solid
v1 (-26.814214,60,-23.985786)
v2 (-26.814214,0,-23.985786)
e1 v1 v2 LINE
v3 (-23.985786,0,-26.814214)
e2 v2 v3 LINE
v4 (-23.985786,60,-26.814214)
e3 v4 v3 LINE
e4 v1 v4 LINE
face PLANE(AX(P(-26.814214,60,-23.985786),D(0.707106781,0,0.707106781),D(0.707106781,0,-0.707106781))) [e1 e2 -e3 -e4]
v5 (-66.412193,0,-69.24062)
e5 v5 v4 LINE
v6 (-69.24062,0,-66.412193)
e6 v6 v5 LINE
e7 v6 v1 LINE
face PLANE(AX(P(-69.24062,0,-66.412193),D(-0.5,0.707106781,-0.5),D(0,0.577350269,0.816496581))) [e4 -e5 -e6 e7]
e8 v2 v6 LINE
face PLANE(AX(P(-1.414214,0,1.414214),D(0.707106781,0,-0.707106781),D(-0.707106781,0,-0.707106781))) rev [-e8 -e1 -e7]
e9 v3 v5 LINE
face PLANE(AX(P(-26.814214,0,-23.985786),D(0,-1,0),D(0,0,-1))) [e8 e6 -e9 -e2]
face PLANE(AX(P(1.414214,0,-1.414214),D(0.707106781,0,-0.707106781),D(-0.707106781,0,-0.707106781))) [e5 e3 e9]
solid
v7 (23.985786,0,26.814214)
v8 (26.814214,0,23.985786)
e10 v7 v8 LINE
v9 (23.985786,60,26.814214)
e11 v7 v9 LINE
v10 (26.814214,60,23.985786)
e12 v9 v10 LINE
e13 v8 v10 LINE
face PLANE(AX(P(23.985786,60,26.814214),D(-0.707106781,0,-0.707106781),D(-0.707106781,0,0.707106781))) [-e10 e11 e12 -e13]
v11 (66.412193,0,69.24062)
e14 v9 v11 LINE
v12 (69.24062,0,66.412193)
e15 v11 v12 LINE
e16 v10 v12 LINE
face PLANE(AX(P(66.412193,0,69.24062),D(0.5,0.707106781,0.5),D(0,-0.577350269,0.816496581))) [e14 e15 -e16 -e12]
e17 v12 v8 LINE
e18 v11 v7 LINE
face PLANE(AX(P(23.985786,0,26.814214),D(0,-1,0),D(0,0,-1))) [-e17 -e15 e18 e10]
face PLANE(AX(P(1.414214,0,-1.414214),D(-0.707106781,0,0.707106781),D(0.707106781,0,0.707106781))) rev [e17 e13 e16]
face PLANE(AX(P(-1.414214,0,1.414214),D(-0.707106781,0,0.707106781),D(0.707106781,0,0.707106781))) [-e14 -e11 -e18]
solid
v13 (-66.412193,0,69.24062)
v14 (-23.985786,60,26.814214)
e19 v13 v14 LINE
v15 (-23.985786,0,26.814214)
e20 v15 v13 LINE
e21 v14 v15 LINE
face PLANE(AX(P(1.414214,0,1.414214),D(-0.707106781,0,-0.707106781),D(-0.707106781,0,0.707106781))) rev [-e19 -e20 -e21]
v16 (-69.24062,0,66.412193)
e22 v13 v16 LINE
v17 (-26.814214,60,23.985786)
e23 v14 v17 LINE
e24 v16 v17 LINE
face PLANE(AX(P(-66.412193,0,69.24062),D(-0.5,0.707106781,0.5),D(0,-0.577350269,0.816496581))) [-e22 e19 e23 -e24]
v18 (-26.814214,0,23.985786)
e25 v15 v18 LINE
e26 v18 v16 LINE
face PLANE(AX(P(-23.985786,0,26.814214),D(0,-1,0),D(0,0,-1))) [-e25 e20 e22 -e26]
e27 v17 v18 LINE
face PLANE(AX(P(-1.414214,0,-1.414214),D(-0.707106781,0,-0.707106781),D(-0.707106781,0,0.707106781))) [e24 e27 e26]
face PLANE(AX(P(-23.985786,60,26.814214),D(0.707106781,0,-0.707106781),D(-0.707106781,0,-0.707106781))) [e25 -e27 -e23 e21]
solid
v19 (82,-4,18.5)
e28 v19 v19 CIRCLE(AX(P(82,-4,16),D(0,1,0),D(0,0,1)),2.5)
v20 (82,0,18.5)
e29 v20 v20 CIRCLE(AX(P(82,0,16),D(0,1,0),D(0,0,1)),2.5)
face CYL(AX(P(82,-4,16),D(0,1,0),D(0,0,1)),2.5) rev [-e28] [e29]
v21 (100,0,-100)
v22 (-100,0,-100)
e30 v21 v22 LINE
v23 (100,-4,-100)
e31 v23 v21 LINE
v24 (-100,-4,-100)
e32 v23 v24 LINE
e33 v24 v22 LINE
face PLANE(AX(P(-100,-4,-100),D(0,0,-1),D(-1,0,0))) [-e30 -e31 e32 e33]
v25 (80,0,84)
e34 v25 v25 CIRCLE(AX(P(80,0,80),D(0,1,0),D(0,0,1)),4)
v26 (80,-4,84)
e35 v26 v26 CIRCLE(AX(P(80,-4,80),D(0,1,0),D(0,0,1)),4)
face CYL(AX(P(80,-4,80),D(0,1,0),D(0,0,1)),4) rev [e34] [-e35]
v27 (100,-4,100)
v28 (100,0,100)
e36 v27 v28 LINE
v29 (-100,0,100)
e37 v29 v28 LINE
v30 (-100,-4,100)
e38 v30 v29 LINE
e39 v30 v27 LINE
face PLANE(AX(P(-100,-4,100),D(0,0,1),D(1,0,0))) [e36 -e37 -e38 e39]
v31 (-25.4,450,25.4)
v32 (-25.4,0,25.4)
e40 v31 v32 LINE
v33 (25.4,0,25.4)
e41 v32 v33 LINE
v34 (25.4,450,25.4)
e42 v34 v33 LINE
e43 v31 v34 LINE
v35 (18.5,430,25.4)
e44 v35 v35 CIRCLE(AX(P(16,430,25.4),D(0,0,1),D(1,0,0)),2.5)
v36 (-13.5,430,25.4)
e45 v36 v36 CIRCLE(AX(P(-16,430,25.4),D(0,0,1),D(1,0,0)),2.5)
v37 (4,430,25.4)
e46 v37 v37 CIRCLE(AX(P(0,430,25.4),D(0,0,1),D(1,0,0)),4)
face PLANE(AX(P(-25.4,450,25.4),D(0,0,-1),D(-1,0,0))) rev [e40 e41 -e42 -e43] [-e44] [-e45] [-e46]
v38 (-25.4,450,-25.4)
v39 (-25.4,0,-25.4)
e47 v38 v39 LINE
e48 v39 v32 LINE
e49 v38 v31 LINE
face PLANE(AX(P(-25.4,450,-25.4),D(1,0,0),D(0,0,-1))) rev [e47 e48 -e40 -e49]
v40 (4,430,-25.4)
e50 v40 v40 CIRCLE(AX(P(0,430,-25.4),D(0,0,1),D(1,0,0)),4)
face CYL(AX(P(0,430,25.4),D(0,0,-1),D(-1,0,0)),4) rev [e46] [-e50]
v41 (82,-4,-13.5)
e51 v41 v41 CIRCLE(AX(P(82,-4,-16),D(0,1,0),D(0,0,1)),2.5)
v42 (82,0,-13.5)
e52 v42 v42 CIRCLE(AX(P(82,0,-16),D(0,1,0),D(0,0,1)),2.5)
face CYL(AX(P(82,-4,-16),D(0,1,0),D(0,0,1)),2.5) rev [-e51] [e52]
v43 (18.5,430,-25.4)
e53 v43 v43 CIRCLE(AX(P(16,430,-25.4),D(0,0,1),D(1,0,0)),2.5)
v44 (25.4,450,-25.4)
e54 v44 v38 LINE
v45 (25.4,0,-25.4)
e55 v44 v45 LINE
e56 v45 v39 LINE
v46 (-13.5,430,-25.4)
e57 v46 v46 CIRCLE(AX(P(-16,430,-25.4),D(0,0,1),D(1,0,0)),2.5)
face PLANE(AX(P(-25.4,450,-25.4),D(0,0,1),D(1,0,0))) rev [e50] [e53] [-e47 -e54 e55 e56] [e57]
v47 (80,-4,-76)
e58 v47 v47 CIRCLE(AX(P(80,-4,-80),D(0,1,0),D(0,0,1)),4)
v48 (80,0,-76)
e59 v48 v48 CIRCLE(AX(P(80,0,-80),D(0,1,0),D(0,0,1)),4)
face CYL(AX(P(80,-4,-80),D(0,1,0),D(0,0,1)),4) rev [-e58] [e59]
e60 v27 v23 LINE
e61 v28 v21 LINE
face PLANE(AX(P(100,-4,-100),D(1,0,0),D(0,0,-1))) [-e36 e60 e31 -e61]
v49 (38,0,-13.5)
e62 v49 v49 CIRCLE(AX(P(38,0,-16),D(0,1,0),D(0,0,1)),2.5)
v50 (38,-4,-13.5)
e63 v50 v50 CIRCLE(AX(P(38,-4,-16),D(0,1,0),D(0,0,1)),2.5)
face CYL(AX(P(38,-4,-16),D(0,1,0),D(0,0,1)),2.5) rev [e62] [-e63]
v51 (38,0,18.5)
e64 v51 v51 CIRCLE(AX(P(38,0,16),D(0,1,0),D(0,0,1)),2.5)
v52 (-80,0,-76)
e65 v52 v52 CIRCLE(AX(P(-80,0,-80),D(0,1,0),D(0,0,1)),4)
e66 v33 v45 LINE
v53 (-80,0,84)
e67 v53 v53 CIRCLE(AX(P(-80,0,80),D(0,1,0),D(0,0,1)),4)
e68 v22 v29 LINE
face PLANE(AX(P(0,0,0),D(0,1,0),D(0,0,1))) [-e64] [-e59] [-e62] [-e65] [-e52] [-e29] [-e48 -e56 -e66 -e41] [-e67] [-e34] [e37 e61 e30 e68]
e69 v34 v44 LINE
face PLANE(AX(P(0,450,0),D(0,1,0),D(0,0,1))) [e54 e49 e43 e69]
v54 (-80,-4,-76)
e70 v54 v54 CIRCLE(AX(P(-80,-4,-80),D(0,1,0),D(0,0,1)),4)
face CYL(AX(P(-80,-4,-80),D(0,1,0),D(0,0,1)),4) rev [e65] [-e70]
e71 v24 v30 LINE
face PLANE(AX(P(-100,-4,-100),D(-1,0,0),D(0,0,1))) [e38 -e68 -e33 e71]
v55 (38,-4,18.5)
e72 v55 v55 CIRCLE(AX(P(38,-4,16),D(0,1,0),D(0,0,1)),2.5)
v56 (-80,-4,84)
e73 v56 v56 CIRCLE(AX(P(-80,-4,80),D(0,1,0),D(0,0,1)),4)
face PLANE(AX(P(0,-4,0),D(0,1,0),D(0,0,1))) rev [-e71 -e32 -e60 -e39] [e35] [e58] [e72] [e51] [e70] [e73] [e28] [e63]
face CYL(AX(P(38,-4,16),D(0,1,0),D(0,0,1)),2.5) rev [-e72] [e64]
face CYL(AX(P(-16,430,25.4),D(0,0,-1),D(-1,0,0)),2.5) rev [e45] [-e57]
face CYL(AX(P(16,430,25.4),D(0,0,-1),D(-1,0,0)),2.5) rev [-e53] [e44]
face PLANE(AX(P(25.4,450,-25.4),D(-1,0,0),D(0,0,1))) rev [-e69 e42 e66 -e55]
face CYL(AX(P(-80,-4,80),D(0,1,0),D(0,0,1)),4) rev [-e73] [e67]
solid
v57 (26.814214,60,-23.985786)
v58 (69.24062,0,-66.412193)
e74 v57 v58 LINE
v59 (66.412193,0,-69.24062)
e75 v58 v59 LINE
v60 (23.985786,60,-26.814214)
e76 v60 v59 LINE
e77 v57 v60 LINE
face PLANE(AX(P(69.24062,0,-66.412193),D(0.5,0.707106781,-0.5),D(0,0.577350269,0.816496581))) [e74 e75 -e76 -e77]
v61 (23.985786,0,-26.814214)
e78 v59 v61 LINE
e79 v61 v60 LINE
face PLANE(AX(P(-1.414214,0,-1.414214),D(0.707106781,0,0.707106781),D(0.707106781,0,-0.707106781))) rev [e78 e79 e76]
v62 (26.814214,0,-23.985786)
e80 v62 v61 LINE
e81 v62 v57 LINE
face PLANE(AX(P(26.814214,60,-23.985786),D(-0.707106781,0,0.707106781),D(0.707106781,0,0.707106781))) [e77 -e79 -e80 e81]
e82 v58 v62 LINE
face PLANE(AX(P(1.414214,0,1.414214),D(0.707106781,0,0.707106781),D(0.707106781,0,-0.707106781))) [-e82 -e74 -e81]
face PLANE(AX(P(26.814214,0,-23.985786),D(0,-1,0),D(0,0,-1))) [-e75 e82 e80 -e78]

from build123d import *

# Parameters (mm, degrees)
ESBO_O1_W                       = 200
ESBO_O1_H                       = 200
RESSALTO_EXTRUS_O2_DEPTH        = 4
ESBO_O2_W                       = 50.8
ESBO_O2_H                       = 50.8
RESSALTO_EXTRUS_O3_DEPTH        = 450
ESBO_O3_R                       = 4
CORTE_EXTRUS_O1_DEPTH           = 4
CORTE_EXTRUS_O2_DEPTH           = 25.4
CORTE_EXTRUS_O2_DEPTH_BACK      = 25.4
ESBO_O5_R                       = 4
ESBO_O5_R_2                     = 2.5
ESBO_O6_R                       = 2.5
CORTE_EXTRUS_O3_DEPTH           = 4
RESSALTO_EXTRUS_O7_DEPTH        = 2
RESSALTO_EXTRUS_O7_DEPTH_BACK   = 2
RESSALTO_EXTRUS_O7_2_DEPTH      = 2
RESSALTO_EXTRUS_O7_2_DEPTH_BACK = 2
RESSALTO_EXTRUS_O8_DEPTH        = 2
RESSALTO_EXTRUS_O8_DEPTH_BACK   = 2
RESSALTO_EXTRUS_O8_2_DEPTH      = 2
RESSALTO_EXTRUS_O8_2_DEPTH_BACK = 2


with BuildPart() as part:
    # Esboço1 → Ressalto-extrusão2 (new body)
    with BuildSketch(Plane(origin=(0, 0, 0), x_dir=(1, 0, 0), z_dir=(0, 1, 0))):
        Rectangle(ESBO_O1_W, ESBO_O1_H)
    extrude(amount=-RESSALTO_EXTRUS_O2_DEPTH)

    # Esboço2 → Ressalto-extrusão3 (add)
    with BuildSketch(Plane(origin=(0, 0, 0), x_dir=(1, 0, 0), z_dir=(0, 1, 0))):
        Rectangle(ESBO_O2_W, ESBO_O2_H)
    extrude(amount=RESSALTO_EXTRUS_O3_DEPTH)

    # Esboço3 → Corte-extrusão1 (cut)
    with BuildSketch(Plane(origin=(0, 0, 0), x_dir=(1, 0, 0), z_dir=(0, 1, 0))):
        with Locations((80, -80)):
            Circle(ESBO_O3_R)
        with Locations((80, 80)):
            Circle(ESBO_O3_R)
        with Locations((-80, 80)):
            Circle(ESBO_O3_R)
        with Locations((-80, -80)):
            Circle(ESBO_O3_R)
    extrude(amount=-CORTE_EXTRUS_O1_DEPTH, mode=Mode.SUBTRACT)

    # Esboço5 → Corte-extrusão2 (cut, two sides: drawn at the far end of the back side and taken through both)
    with BuildSketch(Plane.XY.offset(-CORTE_EXTRUS_O2_DEPTH_BACK)):
        with Locations((0, 430)):
            Circle(ESBO_O5_R)
        with Locations((16, 430)):
            Circle(ESBO_O5_R_2)
        with Locations((-16, 430)):
            Circle(ESBO_O5_R_2)
    extrude(amount=CORTE_EXTRUS_O2_DEPTH + CORTE_EXTRUS_O2_DEPTH_BACK, mode=Mode.SUBTRACT)

    # Esboço6 → Corte-extrusão3 (cut)
    with BuildSketch(Plane(origin=(0, 0, 0), x_dir=(1, 0, 0), z_dir=(0, 1, 0))):
        with Locations((82, 16)):
            Circle(ESBO_O6_R)
        with Locations((82, -16)):
            Circle(ESBO_O6_R)
        with Locations((38, 16)):
            Circle(ESBO_O6_R)
        with Locations((38, -16)):
            Circle(ESBO_O6_R)
    extrude(amount=-CORTE_EXTRUS_O3_DEPTH, mode=Mode.SUBTRACT)


with BuildPart() as body_2:
    # Esboço8 → Ressalto-extrusão7 (new, two sides: drawn at the far end of the back side and taken through both)
    with BuildSketch(Plane(origin=(0, 0, 0), x_dir=(-0.7071067811865476, 0, -0.7071067811865476), z_dir=(0.7071067811865476, 0, -0.7071067811865476)).offset(-RESSALTO_EXTRUS_O7_DEPTH_BACK)):
        Polygon((35.92102448, 0), (95.92102448, 0), (35.92102448, 60), align=None)
    extrude(amount=RESSALTO_EXTRUS_O7_DEPTH + RESSALTO_EXTRUS_O7_DEPTH_BACK)


with BuildPart() as body_3:
    # Esboço8 → Ressalto-extrus_o7 2 (new, two sides: drawn at the far end of the back side and taken through both)
    with BuildSketch(Plane(origin=(0, 0, 0), x_dir=(-0.7071067811865476, 0, -0.7071067811865476), z_dir=(0.7071067811865476, 0, -0.7071067811865476)).offset(-RESSALTO_EXTRUS_O7_2_DEPTH_BACK)):
        Polygon((-35.92102448, 0), (-95.92102448, 0), (-35.92102448, 60), align=None)
    extrude(amount=RESSALTO_EXTRUS_O7_2_DEPTH + RESSALTO_EXTRUS_O7_2_DEPTH_BACK)


with BuildPart() as body_4:
    # Esboço10 → Ressalto-extrusão8 (new, two sides: drawn at the far end of the back side and taken through both)
    with BuildSketch(Plane(origin=(0, 0, 0), x_dir=(-0.7071067811865476, 0, 0.7071067811865476), z_dir=(-0.7071067811865476, 0, -0.7071067811865476)).offset(-RESSALTO_EXTRUS_O8_DEPTH_BACK)):
        Polygon((35.92102448, 0), (95.92102448, 0), (35.92102448, 60), align=None)
    extrude(amount=RESSALTO_EXTRUS_O8_DEPTH + RESSALTO_EXTRUS_O8_DEPTH_BACK)


with BuildPart() as body_5:
    # Esboço10 → Ressalto-extrus_o8 2 (new, two sides: drawn at the far end of the back side and taken through both)
    with BuildSketch(Plane(origin=(0, 0, 0), x_dir=(-0.7071067811865476, 0, 0.7071067811865476), z_dir=(-0.7071067811865476, 0, -0.7071067811865476)).offset(-RESSALTO_EXTRUS_O8_2_DEPTH_BACK)):
        Polygon((-35.92102448, 0), (-95.92102448, 0), (-35.92102448, 60), align=None)
    extrude(amount=RESSALTO_EXTRUS_O8_2_DEPTH + RESSALTO_EXTRUS_O8_2_DEPTH_BACK)


solid = Compound([part.part, body_2.part, body_3.part, body_4.part, body_5.part])
